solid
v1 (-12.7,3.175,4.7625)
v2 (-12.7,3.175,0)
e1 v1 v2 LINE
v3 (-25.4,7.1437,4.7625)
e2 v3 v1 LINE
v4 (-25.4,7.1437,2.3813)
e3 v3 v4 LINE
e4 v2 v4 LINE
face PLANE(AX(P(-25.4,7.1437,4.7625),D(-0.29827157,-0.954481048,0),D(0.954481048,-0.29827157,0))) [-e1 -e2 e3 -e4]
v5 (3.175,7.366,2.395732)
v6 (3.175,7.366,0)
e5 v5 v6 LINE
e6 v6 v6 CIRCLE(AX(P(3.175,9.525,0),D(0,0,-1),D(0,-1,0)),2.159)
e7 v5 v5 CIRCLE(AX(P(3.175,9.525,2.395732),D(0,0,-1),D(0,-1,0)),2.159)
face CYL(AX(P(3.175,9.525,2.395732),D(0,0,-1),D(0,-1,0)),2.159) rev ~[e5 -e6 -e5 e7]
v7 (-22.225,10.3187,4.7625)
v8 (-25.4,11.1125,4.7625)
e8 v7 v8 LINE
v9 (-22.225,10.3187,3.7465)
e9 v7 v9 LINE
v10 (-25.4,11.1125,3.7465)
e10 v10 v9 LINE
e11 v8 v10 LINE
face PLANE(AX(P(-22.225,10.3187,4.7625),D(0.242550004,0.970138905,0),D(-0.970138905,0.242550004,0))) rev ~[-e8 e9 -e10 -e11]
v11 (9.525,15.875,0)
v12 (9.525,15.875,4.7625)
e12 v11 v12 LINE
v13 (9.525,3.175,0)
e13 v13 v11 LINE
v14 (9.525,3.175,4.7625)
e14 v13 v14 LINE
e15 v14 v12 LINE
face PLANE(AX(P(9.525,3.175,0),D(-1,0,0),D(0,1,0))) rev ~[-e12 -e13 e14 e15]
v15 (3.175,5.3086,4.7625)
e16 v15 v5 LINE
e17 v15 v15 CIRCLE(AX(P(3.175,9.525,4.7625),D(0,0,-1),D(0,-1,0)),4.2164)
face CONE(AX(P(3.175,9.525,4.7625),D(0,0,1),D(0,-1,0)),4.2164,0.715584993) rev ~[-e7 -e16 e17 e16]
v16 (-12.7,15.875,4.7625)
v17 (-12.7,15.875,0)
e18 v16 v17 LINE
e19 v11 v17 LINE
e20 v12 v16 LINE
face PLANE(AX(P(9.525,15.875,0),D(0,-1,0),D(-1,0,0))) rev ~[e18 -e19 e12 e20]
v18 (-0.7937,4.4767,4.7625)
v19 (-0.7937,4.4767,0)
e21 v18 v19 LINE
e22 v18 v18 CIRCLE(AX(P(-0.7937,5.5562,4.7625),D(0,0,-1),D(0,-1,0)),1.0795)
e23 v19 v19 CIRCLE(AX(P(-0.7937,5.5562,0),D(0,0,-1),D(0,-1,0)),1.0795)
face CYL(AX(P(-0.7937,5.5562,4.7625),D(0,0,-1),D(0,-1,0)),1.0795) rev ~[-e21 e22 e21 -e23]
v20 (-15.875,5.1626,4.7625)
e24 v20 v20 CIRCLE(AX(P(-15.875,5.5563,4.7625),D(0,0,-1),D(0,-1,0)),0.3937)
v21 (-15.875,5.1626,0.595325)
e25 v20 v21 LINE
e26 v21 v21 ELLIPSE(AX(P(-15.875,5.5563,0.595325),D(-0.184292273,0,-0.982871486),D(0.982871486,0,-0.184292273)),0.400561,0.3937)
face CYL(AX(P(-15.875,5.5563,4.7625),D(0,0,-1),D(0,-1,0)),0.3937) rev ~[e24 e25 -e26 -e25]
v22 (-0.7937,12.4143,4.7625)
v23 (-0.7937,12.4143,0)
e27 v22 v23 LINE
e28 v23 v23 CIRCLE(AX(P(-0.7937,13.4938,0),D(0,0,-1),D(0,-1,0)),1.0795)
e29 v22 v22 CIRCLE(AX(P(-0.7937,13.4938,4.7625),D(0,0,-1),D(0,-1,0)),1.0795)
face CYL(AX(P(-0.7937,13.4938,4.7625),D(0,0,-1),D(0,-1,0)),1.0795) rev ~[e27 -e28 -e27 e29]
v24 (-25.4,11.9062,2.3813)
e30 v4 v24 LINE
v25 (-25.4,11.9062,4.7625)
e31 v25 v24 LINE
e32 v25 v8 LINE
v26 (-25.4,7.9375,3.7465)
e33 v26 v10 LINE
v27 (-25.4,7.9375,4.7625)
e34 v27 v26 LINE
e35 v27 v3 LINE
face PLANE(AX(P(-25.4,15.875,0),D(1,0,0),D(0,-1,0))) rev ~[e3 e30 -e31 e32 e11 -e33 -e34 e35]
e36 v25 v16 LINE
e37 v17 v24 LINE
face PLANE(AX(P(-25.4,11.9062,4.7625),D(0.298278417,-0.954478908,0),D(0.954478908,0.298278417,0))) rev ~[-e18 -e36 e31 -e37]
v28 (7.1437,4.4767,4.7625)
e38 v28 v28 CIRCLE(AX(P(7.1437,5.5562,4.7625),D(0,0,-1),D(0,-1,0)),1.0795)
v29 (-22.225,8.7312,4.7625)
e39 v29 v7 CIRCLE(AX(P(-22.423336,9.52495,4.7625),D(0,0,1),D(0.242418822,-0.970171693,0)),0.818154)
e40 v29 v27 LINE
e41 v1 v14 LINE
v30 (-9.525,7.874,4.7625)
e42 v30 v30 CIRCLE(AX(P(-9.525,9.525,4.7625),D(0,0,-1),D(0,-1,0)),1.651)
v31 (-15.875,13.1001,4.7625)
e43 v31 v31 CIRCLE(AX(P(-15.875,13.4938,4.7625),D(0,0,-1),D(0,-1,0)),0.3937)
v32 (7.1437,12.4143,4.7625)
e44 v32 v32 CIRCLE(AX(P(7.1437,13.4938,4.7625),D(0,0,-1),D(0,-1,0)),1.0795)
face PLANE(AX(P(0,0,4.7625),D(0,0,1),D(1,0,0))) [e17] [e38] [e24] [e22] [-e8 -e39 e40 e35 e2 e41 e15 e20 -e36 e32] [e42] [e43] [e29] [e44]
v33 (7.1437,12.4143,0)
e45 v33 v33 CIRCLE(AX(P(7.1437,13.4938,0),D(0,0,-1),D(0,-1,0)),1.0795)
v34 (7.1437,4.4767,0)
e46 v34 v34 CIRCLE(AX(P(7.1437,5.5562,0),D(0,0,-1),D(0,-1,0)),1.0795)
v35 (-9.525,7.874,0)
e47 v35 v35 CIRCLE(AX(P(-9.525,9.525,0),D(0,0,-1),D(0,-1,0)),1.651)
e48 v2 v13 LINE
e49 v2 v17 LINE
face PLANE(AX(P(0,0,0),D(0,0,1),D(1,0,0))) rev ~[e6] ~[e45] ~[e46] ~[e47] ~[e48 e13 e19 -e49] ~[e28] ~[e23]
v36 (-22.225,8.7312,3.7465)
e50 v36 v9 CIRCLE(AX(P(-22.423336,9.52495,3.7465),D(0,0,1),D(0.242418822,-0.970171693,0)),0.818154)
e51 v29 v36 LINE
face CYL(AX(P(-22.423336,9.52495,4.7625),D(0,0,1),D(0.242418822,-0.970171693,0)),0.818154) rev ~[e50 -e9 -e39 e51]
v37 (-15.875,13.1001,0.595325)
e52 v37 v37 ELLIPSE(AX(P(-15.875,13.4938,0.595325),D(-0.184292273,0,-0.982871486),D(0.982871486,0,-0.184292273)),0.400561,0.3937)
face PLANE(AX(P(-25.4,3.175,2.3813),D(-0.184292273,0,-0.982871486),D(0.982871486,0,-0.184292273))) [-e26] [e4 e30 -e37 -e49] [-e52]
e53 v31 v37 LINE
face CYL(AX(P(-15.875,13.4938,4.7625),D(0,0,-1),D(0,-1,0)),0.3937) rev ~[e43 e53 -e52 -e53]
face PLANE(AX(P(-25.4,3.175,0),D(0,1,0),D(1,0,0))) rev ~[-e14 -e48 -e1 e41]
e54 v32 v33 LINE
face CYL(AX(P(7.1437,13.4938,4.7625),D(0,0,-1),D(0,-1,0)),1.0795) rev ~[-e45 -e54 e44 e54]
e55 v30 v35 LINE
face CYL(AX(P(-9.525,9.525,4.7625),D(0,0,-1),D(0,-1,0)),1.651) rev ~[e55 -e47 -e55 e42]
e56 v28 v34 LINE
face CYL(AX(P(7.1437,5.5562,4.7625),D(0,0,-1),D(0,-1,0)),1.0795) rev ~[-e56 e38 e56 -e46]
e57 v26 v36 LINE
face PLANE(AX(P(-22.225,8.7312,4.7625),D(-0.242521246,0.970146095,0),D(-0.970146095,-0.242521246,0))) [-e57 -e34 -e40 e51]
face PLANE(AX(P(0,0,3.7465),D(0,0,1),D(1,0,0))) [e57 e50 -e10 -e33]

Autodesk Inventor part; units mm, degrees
ref_plane "YZ Plane" through (0, 0, 0) normal (1, 0, 0) x (0, 1, 0)
ref_plane "XZ Plane" through (0, 0, 0) normal (0, 1, 0) x (-1, 0, 0)
ref_plane "XY Plane" through (0, 0, 0) normal (0, 0, 1) x (1, 0, 0)
sketch "Sketch1" plane through (0, 0, 0) normal (0, 0, 1) x (1, 0, 0)
  line L0 (-25.4, 15.875) -> (-25.4, 3.175)
  line L1 (-25.4, 3.175) -> (9.525, 3.175)
  line L2 (9.525, 3.175) -> (9.525, 15.875)
  line L3 (9.525, 15.875) -> (-25.4, 15.875)
  dimension "d0" = 12.7
  dimension "d1" = 34.925
extrude "Extrusion1" add sketch "Sketch1" along normal blind 4.7625
hole "Hole1" at (3.175, 9.525, 4.7625) direction (0, 0, -1) diameter 4.318 end through all countersink diameter 8.4328 countersink angle 82 clearance for "Flat Head Machine Screw (82)" size "#8" standard "Ansi Unified Screw Threads"
hole "Hole2" at (-9.525, 9.525, 4.7625) direction (0, 0, -1) diameter 3.302 end through all thread size "8-32 UNC" class "2B" standard "ANSI Unified Screw Threads"
sketch "Sketch2" plane through (0, 0, 4.7625) normal (0, 0, 1) x (1, 0, 0)
  line L0 (-25.4, 15.875) -> (9.525, 15.875) projected
  line L1 (-25.4, 3.175) -> (-25.4, 15.875) projected
  line L2 (-25.4, 11.1125) -> (-22.225, 11.1125)
  line L3 (-22.225, 11.1125) -> (-22.225, 7.9375)
  line L4 (-22.225, 7.9375) -> (-25.4, 7.9375)
  line L5 (-25.4, 7.9375) -> (-25.4, 11.1125)
  arc A0 (-22.225, 7.9375) -> (-22.225, 11.1125) centre (-22.225, 9.525) ccw
  dimension "d22" = 3.175
  dimension "d23" = 6.35
  dimension "d24" = 3.175
extrude "Extrusion2" cut sketch "Sketch2" against normal blind 1.016 contours L1 L2 L3 L4
sketch "Sketch6" plane through (-25.4, 3.175, 0) normal (0, -1, 0) x (1, 0, 0)
  line L0 (0, 0) -> (0, 4.7625) projected
  line L1 (0, 0) -> (34.925, 0) projected
  line L2 (0, 2.3813) -> (12.7, 0)
  line L3 (0, 0) -> (12.7, 0)
  line L4 (0, 0) -> (0, 2.3813)
  line L5 (0, 0) -> (12.7, 0)
  dimension "d35" = 2.3813
  dimension "d132" = 12.7
extrude "Extrusion5" cut sketch "Sketch6" against normal through all
hole "Hole4" at (-15.875, 13.4938, 4.7625) direction (0, 0, -1) diameter 0.7874 end through all
hole "Hole6" at (-15.875, 5.5563, 4.7625) direction (0, 0, -1) diameter 0.7874 end through all
sketch "Sketch8" plane through (0, 0, 4.7625) normal (0, 0, 1) x (1, 0, 0)
  line L0 (-25.4, 11.1125) -> (-22.225, 11.1125) projected
  line L1 (-22.225, 11.1125) -> (-22.225, 7.9375) projected
  line L2 (-25.4, 11.1125) -> (-22.225, 11.1125)
  line L3 (-22.225, 10.3187) -> (-25.4, 11.1125)
  line L4 (-22.225, 11.1125) -> (-22.225, 10.3187)
  line L5 (-22.225, 8.7312) -> (-25.4, 7.9375)
  line L6 (-22.225, 7.9375) -> (-22.225, 8.7312)
  dimension "d80" = 0.7937
  dimension "d81" = 0.7937
extrude "Extrusion7" add sketch "Sketch8" against normal up to next
sketch "Sketch10" plane through (0, 0, 4.7625) normal (0, 0, 1) x (1, 0, 0)
  line L0 (-22.225, 10.3187) -> (-22.225, 7.9375) projected
  line L1 (-22.225, 7.9375) -> (-25.4, 7.9375) projected
  line L2 (-22.225, 8.7312) -> (-25.4, 7.9375)
  line L3 (-22.225, 7.9375) -> (-22.225, 8.7312)
  dimension "d85" = 0.7937
extrude "Extrusion8" add sketch "Sketch10" against normal up to next
sketch "Sketch12" plane through (0, 0, 4.7625) normal (0, 0, 1) x (1, 0, 0)
  line L0 (-25.4, 15.875) -> (9.525, 15.875) projected
  line L1 (-25.4, 11.1125) -> (-25.4, 15.875) projected
  line L2 (-22.225, 10.3187) -> (-22.225, 8.7312) projected
  line L3 (-25.4, 11.9062) -> (-12.7, 15.875)
  line L4 (-25.4, 15.875) -> (-25.4, 11.9062)
  dimension "d88" = 12.7
  dimension "d89" = 3.9688
extrude "Extrusion9" cut sketch "Sketch12" against normal through all
sketch "Sketch13" plane through (0, 0, 4.7625) normal (0, 0, 1) x (1, 0, 0)
  line L0 (-25.4, 3.175) -> (-25.4, 7.9375) projected
  line L1 (9.525, 3.175) -> (-25.4, 3.175) projected
  line L2 (-12.7, 15.875) -> (9.525, 15.875) projected
  line L3 (-12.7, 3.175) -> (-25.4, 3.175)
  line L4 (-25.4, 7.1437) -> (-12.7, 3.175)
  dimension "d92" = 12.7
  dimension "d93" = 3.9688
extrude "Extrusion10" cut sketch "Sketch13" against normal through all
hole "Hole7" at (-0.7937, 13.4938, 4.7625) direction (0, 0, -1) diameter 2.159 end through all
hole "Hole8" at (-0.7937, 5.5562, 4.7625) direction (0, 0, -1) diameter 2.159 end through all
hole "Hole9" at (7.1437, 13.4938, 4.7625) direction (0, 0, -1) diameter 2.159 end through all
hole "Hole10" at (7.1437, 5.5562, 4.7625) direction (0, 0, -1) diameter 2.159 end through all
sketch "Sketch14" plane through (0, 0, 4.7625) normal (0, 0, 1) x (1, 0, 0)
  line L0 (-25.4, 11.1125) -> (-22.225, 10.3187) projected
  line L1 (-22.225, 8.7312) -> (-25.4, 7.9375) projected
  arc A0 (-22.225, 8.7312) -> (-22.225, 10.3187) centre (-22.4234, 9.525) ccw
  line L2 (-22.225, 10.3187) -> (-22.225, 8.7312)
  line L3 (-22.225, 8.7312) -> (-22.225, 10.3187) projected
  point P0 (0, 0)
extrude "Extrusion11" cut sketch "Sketch14" against normal up to surface (1.016 mm away)
properties part number "J005774" material "STAINLESS STEEL, 303"
